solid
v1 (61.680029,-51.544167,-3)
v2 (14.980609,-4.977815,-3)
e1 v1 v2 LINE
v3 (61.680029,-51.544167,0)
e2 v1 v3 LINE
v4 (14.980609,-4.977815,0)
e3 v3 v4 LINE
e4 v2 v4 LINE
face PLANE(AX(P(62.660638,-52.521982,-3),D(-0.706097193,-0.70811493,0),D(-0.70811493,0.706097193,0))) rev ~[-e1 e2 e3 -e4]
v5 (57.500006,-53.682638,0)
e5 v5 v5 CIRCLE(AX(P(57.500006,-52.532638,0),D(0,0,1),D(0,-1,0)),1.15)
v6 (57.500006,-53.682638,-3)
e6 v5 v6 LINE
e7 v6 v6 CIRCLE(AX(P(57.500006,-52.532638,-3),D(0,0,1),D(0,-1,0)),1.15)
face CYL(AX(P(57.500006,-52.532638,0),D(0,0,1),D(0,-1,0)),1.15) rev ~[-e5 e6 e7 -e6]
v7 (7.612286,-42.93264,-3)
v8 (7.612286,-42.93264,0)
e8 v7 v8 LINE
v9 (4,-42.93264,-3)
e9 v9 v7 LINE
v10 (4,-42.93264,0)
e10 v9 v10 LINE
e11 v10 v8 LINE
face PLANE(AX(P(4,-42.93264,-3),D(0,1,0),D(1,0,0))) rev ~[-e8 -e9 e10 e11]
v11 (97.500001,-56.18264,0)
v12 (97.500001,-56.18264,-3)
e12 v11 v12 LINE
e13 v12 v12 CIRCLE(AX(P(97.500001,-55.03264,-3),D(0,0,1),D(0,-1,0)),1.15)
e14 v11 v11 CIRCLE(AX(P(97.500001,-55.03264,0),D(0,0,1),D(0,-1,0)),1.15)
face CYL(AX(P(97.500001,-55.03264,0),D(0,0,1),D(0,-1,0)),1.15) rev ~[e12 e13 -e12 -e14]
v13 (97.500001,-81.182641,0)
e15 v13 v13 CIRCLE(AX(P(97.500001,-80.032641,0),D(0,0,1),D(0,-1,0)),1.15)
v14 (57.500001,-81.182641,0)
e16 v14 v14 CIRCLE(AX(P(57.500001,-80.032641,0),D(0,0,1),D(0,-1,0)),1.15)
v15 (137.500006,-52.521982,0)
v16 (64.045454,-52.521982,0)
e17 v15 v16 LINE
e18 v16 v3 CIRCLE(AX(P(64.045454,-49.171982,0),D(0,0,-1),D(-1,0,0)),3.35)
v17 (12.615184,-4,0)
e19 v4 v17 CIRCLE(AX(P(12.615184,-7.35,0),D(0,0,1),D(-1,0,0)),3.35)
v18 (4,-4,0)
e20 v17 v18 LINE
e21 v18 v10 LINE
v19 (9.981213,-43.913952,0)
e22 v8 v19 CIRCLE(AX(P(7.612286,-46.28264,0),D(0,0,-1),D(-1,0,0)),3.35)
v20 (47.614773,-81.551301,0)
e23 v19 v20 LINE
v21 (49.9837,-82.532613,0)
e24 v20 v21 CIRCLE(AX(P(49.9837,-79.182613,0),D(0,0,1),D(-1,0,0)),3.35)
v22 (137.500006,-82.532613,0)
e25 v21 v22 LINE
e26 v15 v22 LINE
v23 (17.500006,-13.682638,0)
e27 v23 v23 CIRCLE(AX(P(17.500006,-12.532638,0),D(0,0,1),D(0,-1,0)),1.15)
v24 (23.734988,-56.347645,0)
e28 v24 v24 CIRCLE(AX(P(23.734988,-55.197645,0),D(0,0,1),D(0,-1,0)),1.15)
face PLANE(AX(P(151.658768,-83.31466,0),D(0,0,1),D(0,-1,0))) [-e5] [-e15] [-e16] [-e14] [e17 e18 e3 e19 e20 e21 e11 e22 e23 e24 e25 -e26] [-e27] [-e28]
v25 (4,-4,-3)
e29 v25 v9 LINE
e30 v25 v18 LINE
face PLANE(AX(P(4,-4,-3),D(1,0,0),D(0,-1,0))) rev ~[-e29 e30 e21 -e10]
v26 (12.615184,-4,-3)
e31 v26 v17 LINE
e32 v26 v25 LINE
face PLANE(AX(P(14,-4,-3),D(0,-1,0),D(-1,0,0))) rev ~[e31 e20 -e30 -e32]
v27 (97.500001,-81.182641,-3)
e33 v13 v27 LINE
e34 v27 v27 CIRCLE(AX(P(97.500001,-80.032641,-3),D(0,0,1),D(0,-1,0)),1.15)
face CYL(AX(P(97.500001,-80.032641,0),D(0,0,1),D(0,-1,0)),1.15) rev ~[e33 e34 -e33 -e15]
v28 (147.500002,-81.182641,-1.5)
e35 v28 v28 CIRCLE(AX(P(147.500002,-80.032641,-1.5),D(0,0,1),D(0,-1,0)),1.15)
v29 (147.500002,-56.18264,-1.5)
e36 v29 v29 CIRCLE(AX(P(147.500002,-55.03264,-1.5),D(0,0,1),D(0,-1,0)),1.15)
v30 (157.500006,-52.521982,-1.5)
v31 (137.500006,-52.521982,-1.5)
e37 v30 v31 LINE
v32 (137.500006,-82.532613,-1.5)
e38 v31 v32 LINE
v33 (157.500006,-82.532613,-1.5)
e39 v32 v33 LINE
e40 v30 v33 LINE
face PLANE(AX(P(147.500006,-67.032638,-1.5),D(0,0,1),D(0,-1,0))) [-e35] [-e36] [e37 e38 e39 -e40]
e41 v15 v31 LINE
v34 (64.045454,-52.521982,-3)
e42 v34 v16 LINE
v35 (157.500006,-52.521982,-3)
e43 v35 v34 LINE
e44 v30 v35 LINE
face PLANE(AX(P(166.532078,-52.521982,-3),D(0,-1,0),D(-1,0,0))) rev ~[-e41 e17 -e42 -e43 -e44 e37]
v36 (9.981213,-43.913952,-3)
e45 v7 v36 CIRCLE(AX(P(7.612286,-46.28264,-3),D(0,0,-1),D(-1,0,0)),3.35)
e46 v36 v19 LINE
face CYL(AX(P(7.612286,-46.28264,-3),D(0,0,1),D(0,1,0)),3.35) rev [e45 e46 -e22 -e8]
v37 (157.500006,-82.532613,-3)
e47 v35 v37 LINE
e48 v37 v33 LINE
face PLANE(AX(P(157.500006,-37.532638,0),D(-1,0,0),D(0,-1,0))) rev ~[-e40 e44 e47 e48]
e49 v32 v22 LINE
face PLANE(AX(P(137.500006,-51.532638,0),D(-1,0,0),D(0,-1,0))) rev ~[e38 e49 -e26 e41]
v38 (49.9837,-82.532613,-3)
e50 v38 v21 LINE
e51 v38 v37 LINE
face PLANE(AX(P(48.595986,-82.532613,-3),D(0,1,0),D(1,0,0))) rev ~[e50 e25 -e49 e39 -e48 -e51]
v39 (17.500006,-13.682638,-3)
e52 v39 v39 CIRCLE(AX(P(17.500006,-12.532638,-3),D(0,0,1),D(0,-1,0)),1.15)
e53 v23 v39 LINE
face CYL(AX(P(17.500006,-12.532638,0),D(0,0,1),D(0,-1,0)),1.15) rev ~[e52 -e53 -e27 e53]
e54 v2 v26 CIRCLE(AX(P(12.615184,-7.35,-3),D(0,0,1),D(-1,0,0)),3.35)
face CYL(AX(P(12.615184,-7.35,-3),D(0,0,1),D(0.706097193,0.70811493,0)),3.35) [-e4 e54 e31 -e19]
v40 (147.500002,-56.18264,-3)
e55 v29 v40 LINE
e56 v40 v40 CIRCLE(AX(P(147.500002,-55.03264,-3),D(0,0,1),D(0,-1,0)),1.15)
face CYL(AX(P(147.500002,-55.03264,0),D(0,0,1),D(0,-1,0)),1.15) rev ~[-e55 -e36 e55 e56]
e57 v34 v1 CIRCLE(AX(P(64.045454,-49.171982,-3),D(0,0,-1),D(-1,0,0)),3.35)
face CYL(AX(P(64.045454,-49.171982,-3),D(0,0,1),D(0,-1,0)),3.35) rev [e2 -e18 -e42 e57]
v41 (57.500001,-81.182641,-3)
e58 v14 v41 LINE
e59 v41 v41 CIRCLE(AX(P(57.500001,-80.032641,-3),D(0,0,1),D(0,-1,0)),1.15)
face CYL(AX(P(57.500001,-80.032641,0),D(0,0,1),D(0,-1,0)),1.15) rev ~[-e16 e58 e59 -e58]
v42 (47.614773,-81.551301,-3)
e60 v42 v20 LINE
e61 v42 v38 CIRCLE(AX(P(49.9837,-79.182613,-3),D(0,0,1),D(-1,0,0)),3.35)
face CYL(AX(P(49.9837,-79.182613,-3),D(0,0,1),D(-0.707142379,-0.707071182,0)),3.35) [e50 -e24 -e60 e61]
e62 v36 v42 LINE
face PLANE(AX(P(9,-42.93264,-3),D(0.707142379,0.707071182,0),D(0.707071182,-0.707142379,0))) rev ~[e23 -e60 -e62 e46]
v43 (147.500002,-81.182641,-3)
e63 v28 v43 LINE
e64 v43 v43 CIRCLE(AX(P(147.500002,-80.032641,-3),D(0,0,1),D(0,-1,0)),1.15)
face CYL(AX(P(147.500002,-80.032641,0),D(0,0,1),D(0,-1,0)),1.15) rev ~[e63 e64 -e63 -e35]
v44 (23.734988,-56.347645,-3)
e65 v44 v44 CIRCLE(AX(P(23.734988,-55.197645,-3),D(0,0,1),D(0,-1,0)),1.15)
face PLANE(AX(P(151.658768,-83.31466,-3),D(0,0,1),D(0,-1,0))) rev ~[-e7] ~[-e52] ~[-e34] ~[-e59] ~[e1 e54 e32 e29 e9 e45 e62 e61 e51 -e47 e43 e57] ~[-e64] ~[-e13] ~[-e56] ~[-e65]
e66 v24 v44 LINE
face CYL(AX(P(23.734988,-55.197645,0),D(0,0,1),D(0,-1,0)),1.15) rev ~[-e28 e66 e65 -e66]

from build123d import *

# Parameters (mm, degrees)
PAD011_DEPTH            = 3
FILLET036_R             = 3.35
SKETCH183_R             = 1.15
POCKET052_DEPTH         = 3
POCKET054_DEPTH         = 5
SKETCH187_W             = 31
SKETCH187_H             = 20
POCKET055_DEPTH         = 1.5
BODY023_ROLL_ANGLE      = 180
BODY023_PLACEMENT_ANGLE = -90


with BuildPart() as part:
    # Sketch182 → Pad011 (new body)
    with BuildSketch(Plane(origin=(0, 0, 0), x_dir=(1, 0, 0), z_dir=(0, 0, -1))):
        Polygon((101.467362, -402.500006), (130.400002, -402.500006), (135.400002, -402.500006), (135.400002, -397.500006), (174.999975, -357.90402), (174.999975, -245), (289.999995, -245), (294.999995, -245), (294.999995, -215), (289.999995, -215), (224.999995, -215), (224.999995, -199.999997), (219.999995, -199.999997), (199.999995, -199.999997), (194.999995, -199.999997), (194.999995, -215.000003), (168.459985, -215.000003), (161.999993, -198.359996), (161.999993, -115.000006), (161.999993, -110.000006), (156.999993, -110.000006), (134.576923, -122.534363), (131.999997, -126.895911), (131.999997, -200.027011), (144.989344, -239.967928), (144.989344, -343.839368), (96.467362, -392.500006), (96.467362, -397.500006), (96.467362, -402.500006), align=None)
    extrude(amount=PAD011_DEPTH)

    # Fillet036
    fillet036_edges = [part.edges().sort_by_distance(p)[0] for p in [
        (194.999995, 215.000003, -1.5),
        (168.459985, 215.000003, -1.5),
        (161.999993, 198.359996, -1.5),
        (161.999993, 110.000006, -1.5),
        (156.999993, 110.000006, -1.5),
        (134.576923, 122.534363, -1.5),
        (131.999997, 126.895911, -1.5),
        (131.999997, 200.027011, -1.5),
        (144.989344, 239.967928, -1.5),
        (144.989344, 343.839368, -1.5),
        (96.467362, 392.500006, -1.5),
        (135.400002, 397.500006, -1.5),
        (174.999975, 357.90402, -1.5),
        (174.999975, 245, -1.5),
        (294.999995, 245, -1.5),
        (294.999995, 215, -1.5),
        (224.999995, 215, -1.5),
    ]]
    fillet(fillet036_edges, radius=FILLET036_R)

    # Sketch183 (on Face5 of Fillet036) → Pocket052 (cut)
    with BuildSketch(Plane(origin=(0, 0, -3), x_dir=(1, 0, 0), z_dir=(0, 0, -1))):
        with Locations((105, -389)):
            Circle(SKETCH183_R)
        with Locations((145, -349)):
            Circle(SKETCH183_R)
        with Locations((147.500002, -309.000005)):
            Circle(SKETCH183_R)
        with Locations((147.500002, -259.000004)):
            Circle(SKETCH183_R)
        with Locations((172.500003, -259.000004)):
            Circle(SKETCH183_R)
        with Locations((172.500003, -309.000005)):
            Circle(SKETCH183_R)
        with Locations((172.500003, -349.000005)):
            Circle(SKETCH183_R)
        with Locations((147.665007, -382.765018)):
            Circle(SKETCH183_R)
        with Locations((178.000003, -242.500004)):
            Circle(SKETCH183_R)
        with Locations((218.000003, -242.500004)):
            Circle(SKETCH183_R)
        with Locations((258.000004, -242.500004)):
            Circle(SKETCH183_R)
        with Locations((258.000004, -217.500003)):
            Circle(SKETCH183_R)
        with Locations((292, -242.500004)):
            Circle(SKETCH183_R)
        with Locations((292.000004, -217.500003)):
            Circle(SKETCH183_R)
        with Locations((292.500004, -230.000003)):
            Circle(SKETCH183_R)
        with Locations((223.000003, -217.000003)):
            Circle(SKETCH183_R)
        with Locations((197, -217)):
            Circle(SKETCH183_R)
        with Locations((166.109996, -217.109995)):
            Circle(SKETCH183_R)
        with Locations((147.500002, -239)):
            Circle(SKETCH183_R)
        with Locations((141, -220)):
            Circle(SKETCH183_R)
        with Locations((134.427551, -201)):
            Circle(SKETCH183_R)
        with Locations((160.149996, -200.999996)):
            Circle(SKETCH183_R)
        with Locations((134.427551, -161)):
            Circle(SKETCH183_R)
        with Locations((159.500002, -161.000002)):
            Circle(SKETCH183_R)
        with Locations((137, -124)):
            Circle(SKETCH183_R)
        with Locations((146.849997, -118.149997)):
            Circle(SKETCH183_R)
        with Locations((159, -113)):
            Circle(SKETCH183_R)
    extrude(amount=-POCKET052_DEPTH, mode=Mode.SUBTRACT)

    # Sketch186 (on Face5 of Pocket052) → Pocket054 (cut)
    with BuildSketch(Plane(origin=(0, 0, -3), x_dir=(1, 0, 0), z_dir=(0, 0, -1))):
        Polygon((175, -249), (130, -249), (130, -100), (170, -100), (170, -190), (300, -190), (300, -249), align=None)
    extrude(amount=-POCKET054_DEPTH, mode=Mode.SUBTRACT)

    # Sketch187 (on Face25 of Pocket054) → Pocket055 (cut)
    with BuildSketch(Plane(origin=(0, 0, -3), x_dir=(1, 0, 0), z_dir=(0, 0, -1))):
        with Locations((159.5, -259)):
            Rectangle(SKETCH187_W, SKETCH187_H)
    extrude(amount=-POCKET055_DEPTH, mode=Mode.SUBTRACT)


with BuildPart() as part_1:
    # Body023 roll: moved
    add(part.part.rotate(Axis((0, 0, 0), (1, 0, 0)), BODY023_ROLL_ANGLE))


with BuildPart() as part_2:
    # Body023 placement: moved
    add(part_1.part.moved(Location((0, 0, -5))).rotate(Axis((0, 0, -5), (0, 0, 1)), BODY023_PLACEMENT_ANGLE))


with BuildPart() as part_3:
    # Clone placement: moved
    add(part_2.part.moved(Location((406.500006, 92.467362, 2))))


solid = part_3.part
